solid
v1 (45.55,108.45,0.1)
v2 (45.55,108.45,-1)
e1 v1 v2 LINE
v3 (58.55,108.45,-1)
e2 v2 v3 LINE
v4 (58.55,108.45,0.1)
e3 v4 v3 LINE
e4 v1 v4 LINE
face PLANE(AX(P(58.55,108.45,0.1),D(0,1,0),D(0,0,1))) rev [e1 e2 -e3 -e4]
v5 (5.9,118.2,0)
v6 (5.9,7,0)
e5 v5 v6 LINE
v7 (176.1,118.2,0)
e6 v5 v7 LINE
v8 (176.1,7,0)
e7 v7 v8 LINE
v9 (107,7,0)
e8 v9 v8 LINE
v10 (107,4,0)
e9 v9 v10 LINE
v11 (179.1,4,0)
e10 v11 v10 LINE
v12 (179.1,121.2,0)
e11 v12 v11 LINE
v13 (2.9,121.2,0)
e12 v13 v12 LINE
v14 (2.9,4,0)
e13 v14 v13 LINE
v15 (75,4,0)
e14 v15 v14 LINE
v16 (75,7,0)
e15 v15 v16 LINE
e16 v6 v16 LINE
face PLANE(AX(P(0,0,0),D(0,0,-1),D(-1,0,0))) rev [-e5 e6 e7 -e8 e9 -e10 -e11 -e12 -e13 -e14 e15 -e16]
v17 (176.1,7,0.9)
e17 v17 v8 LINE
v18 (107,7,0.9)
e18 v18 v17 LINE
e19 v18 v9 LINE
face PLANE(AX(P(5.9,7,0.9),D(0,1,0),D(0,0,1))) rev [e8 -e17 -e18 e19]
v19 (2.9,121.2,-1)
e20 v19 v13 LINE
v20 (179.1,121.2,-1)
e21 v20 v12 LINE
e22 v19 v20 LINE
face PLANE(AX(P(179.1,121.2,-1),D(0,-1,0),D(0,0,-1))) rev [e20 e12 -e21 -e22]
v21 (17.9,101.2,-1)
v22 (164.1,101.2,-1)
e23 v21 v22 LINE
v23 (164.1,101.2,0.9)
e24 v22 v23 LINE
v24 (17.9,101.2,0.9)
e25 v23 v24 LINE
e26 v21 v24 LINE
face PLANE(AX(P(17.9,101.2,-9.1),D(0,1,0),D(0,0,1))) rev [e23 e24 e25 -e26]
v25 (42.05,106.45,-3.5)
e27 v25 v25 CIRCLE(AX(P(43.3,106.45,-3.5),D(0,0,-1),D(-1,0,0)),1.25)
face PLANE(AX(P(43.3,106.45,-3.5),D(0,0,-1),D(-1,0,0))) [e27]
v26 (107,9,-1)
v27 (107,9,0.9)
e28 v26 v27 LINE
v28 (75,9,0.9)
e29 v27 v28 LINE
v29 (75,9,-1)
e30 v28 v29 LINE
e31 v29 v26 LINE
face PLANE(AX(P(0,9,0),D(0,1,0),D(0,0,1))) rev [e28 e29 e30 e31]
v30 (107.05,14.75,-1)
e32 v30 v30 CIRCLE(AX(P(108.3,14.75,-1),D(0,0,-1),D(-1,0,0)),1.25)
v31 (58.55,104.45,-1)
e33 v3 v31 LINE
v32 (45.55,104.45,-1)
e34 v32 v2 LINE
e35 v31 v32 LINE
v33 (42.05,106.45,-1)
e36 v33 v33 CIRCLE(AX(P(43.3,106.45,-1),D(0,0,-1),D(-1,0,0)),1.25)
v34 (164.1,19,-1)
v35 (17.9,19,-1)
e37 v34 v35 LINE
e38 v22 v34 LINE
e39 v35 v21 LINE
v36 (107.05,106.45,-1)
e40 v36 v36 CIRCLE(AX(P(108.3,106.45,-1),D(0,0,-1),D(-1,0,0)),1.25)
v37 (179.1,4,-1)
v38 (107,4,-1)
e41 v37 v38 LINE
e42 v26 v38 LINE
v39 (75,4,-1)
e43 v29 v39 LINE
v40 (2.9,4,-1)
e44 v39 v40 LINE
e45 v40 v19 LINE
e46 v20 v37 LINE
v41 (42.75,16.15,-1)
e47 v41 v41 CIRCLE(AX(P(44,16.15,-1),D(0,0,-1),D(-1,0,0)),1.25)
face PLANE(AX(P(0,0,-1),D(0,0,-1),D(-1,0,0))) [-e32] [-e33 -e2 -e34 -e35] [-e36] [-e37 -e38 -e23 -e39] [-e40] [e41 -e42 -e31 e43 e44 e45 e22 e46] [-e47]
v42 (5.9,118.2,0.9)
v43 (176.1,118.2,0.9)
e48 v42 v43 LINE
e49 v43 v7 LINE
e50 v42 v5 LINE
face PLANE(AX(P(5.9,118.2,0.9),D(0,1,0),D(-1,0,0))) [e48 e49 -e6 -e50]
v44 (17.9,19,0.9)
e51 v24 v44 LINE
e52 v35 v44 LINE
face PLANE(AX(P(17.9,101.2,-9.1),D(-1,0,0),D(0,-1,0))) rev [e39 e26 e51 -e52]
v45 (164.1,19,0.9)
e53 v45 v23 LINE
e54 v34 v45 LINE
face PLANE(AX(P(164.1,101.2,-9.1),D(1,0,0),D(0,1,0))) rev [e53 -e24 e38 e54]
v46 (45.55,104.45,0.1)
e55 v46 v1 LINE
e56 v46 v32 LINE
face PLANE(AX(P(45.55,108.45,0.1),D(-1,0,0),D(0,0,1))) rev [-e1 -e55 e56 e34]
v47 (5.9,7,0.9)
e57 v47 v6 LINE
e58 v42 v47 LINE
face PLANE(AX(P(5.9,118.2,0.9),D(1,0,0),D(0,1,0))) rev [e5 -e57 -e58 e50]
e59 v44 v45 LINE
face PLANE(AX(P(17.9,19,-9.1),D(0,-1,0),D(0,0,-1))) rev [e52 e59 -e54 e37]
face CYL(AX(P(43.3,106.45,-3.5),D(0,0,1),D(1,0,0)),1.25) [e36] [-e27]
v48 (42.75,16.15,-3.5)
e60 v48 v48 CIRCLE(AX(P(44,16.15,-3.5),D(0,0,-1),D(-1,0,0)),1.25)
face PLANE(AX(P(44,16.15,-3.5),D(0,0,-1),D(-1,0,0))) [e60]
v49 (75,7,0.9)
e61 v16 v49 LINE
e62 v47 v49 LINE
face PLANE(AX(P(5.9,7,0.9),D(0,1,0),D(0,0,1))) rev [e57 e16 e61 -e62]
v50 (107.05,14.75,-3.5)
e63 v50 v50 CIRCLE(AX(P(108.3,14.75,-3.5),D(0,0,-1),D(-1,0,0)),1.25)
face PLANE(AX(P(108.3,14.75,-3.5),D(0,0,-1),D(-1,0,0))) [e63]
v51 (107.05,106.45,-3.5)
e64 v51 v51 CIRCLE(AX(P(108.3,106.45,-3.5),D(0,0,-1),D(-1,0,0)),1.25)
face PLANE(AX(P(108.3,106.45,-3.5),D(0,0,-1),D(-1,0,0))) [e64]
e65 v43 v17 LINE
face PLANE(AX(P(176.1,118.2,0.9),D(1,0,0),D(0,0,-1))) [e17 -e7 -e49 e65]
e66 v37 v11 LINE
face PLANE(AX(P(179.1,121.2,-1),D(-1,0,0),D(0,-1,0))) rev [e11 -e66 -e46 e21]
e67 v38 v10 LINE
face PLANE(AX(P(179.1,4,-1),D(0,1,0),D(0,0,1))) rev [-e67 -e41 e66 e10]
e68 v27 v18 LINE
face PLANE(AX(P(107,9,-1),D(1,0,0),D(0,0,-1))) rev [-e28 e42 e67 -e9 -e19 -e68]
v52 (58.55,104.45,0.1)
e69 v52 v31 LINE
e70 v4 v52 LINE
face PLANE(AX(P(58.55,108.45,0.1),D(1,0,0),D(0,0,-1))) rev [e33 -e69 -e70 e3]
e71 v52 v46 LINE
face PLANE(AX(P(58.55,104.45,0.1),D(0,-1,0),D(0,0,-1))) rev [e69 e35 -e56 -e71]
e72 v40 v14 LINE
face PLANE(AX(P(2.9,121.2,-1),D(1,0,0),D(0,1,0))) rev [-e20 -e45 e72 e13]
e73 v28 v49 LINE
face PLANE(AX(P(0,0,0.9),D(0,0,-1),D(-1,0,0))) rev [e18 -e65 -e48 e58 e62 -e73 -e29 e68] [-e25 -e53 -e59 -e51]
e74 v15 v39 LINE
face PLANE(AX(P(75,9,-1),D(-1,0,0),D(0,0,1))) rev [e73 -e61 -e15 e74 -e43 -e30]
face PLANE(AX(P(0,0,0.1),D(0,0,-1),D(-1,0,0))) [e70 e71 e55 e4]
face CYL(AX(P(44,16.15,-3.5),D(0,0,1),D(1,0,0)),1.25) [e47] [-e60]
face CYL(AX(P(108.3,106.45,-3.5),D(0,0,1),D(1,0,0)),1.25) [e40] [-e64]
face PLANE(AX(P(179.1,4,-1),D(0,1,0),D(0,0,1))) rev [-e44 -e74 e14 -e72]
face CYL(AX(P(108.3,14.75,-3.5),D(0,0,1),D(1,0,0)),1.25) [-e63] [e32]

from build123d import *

# Parameters (mm, degrees)
ESBO_O1_W                = 170.2
ESBO_O1_H                = 111.2
RESSALTO_EXTRUS_O1_DEPTH = 0.9
ESBO_O4_W                = 176.2
ESBO_O4_H                = 117.2
RESSALTO_EXTRUS_O3_DEPTH = 1
ESBO_O5_W                = 32
ESBO_O5_H                = 1.9
CORTE_EXTRUS_O3_DEPTH    = 5
ESBO_O6_R                = 1.25
RESSALTO_EXTRUS_O4_DEPTH = 2.5
ESBO_O10_W               = 13
ESBO_O10_H               = 4
CORTE_EXTRUS_O6_DEPTH    = 1.1
ESBO_O12_W               = 146.2
ESBO_O12_H               = 82.2
CORTE_EXTRUS_O8_DEPTH    = 10


with BuildPart() as part:
    # Esboço1 → Ressalto-extrusão1 (new body)
    with BuildSketch(Plane.XY):
        with Locations((91, 62.6)):
            Rectangle(ESBO_O1_W, ESBO_O1_H)
    extrude(amount=RESSALTO_EXTRUS_O1_DEPTH)

    # Esboço4 → Ressalto-extrusão3 (add)
    with BuildSketch(Plane(origin=(0, 0, 0), x_dir=(-1, 0, 0), z_dir=(0, 0, -1))):
        with Locations((-91, 62.6)):
            Rectangle(ESBO_O4_W, ESBO_O4_H)
    extrude(amount=RESSALTO_EXTRUS_O3_DEPTH)

    # Esboço5 → Corte-extrusão3 (cut)
    with BuildSketch(Plane.XZ.offset(-4)):
        with Locations((91, -0.05)):
            Rectangle(ESBO_O5_W, ESBO_O5_H)
    extrude(amount=-CORTE_EXTRUS_O3_DEPTH, mode=Mode.SUBTRACT)

    # Esboço6 → Ressalto-extrusão4 (add)
    with BuildSketch(Plane(origin=(0, 0, -1), x_dir=(-1, 0, 0), z_dir=(0, 0, -1))):
        with Locations((-108.3, 14.75)):
            Circle(ESBO_O6_R)
        with Locations((-108.3, 106.45)):
            Circle(ESBO_O6_R)
        with Locations((-43.3, 106.45)):
            Circle(ESBO_O6_R)
        with Locations((-44, 16.15)):
            Circle(ESBO_O6_R)
    extrude(amount=RESSALTO_EXTRUS_O4_DEPTH)

    # Esboço10 → Corte-extrusão6 (cut)
    with BuildSketch(Plane(origin=(0, 0, -1), x_dir=(-1, 0, 0), z_dir=(0, 0, -1))):
        with Locations((-52.05, 106.45)):
            Rectangle(ESBO_O10_W, ESBO_O10_H)
    extrude(amount=-CORTE_EXTRUS_O6_DEPTH, mode=Mode.SUBTRACT)

    # Esboço12 → Corte-extrusão8 (cut)
    with BuildSketch(Plane.XY.offset(0.9)):
        with Locations((91, 60.1)):
            Rectangle(ESBO_O12_W, ESBO_O12_H)
    extrude(amount=-CORTE_EXTRUS_O8_DEPTH, mode=Mode.SUBTRACT)


solid = part.part
